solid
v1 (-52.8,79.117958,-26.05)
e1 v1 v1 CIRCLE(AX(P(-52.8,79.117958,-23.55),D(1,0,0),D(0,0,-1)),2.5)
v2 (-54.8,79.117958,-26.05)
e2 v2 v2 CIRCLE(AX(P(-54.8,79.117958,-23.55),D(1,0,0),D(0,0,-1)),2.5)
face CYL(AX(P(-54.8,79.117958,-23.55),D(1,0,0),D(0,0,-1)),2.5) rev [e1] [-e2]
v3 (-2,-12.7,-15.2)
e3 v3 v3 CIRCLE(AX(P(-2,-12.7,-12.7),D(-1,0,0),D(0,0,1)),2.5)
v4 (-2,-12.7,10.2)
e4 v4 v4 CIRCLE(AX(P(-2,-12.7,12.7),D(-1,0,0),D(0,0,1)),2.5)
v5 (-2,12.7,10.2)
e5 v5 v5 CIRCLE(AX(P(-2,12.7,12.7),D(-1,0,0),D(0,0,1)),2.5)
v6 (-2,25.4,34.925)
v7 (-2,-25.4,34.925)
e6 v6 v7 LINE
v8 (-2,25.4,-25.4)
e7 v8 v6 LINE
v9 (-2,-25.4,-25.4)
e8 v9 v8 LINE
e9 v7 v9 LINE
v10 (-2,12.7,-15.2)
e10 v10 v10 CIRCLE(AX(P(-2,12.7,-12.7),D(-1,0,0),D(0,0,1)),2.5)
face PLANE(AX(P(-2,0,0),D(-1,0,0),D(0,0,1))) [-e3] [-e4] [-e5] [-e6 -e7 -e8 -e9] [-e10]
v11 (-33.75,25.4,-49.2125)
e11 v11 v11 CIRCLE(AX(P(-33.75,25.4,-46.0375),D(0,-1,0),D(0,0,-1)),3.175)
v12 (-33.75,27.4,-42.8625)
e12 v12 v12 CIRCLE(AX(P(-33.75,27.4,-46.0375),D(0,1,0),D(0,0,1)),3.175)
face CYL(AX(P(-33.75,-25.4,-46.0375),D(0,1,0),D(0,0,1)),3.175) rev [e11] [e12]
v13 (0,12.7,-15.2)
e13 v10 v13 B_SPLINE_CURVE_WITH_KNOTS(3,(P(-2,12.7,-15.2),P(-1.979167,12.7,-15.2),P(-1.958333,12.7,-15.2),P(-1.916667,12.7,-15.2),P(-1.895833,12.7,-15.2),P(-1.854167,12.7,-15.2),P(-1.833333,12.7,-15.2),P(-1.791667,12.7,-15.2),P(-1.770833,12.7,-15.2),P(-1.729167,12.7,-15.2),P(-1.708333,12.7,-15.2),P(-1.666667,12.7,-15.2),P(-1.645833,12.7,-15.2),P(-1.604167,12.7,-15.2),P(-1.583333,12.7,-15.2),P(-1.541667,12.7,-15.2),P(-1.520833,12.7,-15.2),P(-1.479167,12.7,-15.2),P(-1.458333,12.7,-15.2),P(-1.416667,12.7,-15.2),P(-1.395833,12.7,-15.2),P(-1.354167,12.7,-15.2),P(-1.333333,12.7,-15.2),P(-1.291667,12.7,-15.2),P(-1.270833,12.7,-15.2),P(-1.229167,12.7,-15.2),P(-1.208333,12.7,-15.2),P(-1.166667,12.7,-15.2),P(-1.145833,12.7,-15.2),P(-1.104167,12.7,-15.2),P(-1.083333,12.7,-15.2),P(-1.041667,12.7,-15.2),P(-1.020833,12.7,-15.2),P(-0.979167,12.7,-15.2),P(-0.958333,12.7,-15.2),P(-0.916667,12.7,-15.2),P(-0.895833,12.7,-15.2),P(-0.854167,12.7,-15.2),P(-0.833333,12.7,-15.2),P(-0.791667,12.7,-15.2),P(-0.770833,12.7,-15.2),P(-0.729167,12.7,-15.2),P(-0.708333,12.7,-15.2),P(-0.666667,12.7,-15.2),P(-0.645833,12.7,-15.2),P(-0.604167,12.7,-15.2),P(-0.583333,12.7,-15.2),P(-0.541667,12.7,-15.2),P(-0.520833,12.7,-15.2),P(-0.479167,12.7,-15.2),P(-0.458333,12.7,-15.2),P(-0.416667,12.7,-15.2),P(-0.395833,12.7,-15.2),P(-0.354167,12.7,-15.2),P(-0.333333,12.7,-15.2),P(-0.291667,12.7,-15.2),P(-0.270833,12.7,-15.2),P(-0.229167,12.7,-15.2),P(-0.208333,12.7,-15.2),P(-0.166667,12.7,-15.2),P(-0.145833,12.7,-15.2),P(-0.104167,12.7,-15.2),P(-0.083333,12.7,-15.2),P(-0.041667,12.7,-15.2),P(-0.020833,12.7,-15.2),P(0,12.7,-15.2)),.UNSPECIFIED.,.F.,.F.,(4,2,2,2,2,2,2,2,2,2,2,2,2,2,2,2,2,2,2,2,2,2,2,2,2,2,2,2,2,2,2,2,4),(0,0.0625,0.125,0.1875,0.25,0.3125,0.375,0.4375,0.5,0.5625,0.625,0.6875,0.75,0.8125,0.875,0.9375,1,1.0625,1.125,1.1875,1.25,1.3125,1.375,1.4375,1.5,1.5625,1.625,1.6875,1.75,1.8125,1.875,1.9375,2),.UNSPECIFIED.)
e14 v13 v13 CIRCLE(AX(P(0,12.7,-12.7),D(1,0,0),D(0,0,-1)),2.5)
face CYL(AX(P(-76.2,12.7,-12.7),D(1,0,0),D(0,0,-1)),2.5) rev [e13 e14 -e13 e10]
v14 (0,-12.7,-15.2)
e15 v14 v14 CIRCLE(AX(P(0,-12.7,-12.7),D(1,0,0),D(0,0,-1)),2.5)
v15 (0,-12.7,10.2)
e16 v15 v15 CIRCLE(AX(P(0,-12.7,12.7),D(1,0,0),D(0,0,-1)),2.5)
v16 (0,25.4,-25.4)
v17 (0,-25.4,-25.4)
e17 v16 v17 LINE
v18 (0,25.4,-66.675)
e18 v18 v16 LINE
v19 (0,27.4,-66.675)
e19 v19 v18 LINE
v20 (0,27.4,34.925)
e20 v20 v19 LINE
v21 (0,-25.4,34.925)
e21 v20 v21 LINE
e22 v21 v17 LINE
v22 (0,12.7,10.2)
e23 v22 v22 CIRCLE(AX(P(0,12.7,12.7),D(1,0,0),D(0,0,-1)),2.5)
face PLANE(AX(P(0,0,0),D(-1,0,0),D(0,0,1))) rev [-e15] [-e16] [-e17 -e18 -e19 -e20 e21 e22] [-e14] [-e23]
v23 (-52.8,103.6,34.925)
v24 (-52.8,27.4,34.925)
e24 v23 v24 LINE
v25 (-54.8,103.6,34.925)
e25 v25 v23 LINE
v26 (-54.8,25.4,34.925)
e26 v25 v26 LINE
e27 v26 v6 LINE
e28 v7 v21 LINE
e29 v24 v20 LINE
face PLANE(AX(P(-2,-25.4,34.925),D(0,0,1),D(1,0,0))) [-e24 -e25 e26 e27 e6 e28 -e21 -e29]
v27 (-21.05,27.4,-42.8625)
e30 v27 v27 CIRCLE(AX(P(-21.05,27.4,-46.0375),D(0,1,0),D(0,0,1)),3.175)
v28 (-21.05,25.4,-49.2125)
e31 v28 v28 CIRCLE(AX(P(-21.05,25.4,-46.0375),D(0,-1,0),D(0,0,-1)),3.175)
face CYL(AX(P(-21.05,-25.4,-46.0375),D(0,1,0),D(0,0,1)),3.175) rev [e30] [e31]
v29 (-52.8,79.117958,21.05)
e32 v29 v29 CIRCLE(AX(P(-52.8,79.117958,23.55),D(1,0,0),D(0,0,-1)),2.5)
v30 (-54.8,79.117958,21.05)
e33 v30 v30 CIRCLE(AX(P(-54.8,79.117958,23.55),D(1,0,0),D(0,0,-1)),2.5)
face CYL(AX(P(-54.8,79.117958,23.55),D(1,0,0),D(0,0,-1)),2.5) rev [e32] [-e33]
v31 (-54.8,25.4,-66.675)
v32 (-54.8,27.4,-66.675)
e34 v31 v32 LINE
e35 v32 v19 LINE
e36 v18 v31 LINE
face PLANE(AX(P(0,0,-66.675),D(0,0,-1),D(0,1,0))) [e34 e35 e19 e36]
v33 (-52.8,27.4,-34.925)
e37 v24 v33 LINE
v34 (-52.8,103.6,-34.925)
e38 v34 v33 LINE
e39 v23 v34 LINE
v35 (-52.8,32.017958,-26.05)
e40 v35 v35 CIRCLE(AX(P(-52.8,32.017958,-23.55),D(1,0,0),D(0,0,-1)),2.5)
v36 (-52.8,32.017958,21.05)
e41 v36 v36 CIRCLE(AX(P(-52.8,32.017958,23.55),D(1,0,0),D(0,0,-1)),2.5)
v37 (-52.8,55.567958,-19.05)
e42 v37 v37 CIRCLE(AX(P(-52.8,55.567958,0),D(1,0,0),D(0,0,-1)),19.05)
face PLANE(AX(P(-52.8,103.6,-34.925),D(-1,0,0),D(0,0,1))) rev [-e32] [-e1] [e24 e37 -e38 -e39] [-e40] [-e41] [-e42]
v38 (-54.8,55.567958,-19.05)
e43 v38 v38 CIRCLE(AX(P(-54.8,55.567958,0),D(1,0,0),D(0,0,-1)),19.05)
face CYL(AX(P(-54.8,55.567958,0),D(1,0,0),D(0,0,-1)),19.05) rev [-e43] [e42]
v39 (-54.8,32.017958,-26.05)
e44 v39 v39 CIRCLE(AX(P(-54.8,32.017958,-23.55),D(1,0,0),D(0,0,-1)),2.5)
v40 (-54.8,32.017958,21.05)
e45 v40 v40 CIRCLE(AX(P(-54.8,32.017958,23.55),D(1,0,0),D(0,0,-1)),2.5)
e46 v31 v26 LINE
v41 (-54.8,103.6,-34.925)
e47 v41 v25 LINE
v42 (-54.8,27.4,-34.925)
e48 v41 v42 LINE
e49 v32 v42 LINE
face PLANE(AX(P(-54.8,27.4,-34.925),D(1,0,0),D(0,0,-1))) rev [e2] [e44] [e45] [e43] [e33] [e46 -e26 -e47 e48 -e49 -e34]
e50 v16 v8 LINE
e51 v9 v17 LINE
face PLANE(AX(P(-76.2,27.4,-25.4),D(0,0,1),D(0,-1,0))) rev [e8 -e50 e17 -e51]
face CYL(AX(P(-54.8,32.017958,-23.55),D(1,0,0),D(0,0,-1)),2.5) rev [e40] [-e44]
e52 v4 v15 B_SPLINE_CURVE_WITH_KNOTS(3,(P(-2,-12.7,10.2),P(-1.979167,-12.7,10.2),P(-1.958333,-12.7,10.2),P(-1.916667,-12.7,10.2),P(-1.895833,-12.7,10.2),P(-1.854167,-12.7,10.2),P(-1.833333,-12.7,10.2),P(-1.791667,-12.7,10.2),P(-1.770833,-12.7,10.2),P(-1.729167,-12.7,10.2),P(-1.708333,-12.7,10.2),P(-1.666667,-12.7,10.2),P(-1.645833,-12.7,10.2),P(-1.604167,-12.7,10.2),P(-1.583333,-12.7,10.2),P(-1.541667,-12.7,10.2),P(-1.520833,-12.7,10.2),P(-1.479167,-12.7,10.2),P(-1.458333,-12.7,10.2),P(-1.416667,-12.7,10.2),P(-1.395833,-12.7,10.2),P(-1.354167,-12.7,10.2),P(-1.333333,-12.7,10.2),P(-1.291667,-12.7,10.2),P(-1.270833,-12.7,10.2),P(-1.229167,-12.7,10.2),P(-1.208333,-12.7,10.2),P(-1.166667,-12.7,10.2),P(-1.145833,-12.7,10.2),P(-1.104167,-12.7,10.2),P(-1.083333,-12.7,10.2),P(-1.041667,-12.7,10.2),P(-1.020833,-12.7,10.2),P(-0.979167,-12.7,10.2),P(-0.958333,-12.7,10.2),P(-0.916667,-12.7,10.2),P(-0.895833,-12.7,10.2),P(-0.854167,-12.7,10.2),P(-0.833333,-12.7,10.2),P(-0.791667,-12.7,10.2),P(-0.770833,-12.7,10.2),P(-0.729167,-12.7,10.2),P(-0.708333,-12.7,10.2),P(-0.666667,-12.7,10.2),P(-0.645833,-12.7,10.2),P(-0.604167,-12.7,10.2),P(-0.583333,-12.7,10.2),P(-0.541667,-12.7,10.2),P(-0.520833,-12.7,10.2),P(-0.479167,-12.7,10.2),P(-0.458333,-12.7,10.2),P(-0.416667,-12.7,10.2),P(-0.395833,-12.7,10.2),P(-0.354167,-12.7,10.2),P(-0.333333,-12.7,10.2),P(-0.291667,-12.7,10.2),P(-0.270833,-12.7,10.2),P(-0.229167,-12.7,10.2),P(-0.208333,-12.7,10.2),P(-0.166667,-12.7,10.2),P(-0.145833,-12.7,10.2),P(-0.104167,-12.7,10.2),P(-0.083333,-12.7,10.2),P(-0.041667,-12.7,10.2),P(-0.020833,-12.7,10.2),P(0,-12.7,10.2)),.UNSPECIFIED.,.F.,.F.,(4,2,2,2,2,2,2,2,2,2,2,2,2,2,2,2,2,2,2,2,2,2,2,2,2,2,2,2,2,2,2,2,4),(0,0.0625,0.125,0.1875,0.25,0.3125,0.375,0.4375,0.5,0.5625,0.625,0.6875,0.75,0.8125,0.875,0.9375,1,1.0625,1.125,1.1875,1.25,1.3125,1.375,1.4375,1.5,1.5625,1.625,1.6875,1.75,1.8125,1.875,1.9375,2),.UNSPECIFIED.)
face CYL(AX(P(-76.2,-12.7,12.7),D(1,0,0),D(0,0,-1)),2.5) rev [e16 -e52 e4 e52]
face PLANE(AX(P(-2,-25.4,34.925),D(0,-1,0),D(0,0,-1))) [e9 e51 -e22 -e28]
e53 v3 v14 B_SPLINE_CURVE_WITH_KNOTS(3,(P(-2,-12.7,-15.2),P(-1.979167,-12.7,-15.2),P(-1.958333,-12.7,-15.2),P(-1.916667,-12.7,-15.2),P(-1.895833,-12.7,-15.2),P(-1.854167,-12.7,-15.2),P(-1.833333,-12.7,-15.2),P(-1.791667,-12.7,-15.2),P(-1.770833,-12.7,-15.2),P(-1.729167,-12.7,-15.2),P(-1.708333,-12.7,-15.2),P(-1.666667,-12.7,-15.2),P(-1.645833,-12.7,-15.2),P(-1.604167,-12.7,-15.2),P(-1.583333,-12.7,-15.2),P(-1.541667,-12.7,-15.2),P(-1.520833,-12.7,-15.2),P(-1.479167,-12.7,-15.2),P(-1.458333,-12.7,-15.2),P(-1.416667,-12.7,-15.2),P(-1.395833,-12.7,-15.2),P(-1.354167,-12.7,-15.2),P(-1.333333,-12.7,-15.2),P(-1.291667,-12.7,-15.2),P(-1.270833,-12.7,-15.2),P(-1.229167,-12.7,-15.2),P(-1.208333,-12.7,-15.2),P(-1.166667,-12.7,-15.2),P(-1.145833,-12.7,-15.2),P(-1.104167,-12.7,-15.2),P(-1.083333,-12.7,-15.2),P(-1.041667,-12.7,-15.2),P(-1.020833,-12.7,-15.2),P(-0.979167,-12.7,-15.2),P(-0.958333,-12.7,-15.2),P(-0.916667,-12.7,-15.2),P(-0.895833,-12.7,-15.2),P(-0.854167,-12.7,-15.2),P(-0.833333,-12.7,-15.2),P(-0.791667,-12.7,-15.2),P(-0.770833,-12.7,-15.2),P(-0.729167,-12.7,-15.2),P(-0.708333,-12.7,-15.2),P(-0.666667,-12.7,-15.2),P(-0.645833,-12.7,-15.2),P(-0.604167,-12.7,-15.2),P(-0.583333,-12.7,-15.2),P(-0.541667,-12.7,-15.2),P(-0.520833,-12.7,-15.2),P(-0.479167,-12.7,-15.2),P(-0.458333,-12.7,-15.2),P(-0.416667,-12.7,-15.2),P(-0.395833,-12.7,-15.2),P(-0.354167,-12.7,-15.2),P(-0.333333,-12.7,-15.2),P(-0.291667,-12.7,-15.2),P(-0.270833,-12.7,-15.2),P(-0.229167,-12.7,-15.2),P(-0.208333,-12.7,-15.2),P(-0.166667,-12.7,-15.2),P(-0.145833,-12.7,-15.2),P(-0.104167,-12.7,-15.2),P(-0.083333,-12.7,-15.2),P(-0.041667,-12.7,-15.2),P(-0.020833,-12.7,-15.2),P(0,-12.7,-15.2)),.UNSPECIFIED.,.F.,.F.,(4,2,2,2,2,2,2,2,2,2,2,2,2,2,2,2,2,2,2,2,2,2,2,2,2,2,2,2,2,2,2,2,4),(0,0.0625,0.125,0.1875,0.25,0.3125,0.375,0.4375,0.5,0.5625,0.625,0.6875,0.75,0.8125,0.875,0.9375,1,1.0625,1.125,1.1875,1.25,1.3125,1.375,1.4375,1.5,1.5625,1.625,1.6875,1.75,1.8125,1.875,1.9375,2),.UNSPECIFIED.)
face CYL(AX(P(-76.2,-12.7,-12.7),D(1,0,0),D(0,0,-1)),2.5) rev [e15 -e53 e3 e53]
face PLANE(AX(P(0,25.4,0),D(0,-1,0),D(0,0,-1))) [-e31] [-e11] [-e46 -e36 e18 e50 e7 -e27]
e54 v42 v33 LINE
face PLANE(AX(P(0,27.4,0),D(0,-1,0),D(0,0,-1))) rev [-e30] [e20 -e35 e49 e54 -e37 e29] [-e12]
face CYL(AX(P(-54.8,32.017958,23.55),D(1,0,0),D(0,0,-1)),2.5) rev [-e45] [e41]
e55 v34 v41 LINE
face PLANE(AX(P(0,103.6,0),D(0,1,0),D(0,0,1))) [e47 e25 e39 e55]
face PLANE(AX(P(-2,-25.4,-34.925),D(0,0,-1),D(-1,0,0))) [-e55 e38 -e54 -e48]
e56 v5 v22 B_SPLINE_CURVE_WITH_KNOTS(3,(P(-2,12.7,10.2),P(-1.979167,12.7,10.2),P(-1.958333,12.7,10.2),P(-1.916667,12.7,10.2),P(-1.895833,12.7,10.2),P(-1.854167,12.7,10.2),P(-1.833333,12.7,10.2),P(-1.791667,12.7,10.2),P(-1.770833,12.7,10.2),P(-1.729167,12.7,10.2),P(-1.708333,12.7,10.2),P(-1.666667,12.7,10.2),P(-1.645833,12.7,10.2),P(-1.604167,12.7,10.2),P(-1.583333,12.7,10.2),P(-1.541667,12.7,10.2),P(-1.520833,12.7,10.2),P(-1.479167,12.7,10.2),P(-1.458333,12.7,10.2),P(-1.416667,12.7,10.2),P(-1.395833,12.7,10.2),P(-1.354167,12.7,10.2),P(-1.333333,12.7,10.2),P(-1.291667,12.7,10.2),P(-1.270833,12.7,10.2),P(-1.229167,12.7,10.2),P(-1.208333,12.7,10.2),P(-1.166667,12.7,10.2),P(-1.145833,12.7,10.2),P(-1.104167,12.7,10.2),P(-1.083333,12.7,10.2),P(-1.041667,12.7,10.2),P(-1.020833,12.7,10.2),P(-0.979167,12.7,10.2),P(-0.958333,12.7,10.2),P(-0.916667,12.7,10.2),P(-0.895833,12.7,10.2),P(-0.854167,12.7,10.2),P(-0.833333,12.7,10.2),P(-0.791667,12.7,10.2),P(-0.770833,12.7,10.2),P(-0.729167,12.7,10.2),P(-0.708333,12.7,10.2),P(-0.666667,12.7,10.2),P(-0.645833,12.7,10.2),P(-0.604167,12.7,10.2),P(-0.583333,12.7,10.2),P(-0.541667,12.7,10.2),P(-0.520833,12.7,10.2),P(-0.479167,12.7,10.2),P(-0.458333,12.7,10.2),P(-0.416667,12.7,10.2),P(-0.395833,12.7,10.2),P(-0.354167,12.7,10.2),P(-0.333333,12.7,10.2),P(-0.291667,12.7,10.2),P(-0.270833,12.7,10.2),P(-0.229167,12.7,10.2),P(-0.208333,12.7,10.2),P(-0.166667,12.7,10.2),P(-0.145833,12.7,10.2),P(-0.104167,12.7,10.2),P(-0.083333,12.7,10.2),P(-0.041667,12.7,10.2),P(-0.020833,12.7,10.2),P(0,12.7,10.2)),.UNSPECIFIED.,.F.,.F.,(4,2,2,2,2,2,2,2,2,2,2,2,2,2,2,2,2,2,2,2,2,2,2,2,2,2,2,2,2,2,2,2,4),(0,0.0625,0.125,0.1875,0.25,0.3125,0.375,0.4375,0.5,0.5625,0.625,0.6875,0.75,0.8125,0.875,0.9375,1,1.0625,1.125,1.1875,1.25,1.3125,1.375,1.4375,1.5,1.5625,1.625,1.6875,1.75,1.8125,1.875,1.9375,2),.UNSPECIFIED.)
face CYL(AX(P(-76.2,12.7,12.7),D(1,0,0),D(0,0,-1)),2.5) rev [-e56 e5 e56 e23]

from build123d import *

# Parameters (mm, degrees)
SKETCH1_W           = 69.85
SKETCH1_H           = 50.8
BOSS_EXTRUDE1_DEPTH = 2
SKETCH2_W           = 54.8
SKETCH2_H           = 69.85
BOSS_EXTRUDE2_DEPTH = 2
SKETCH3_W           = 2
SKETCH3_H           = 69.85
BOSS_EXTRUDE3_DEPTH = 76.2
SKETCH4_R           = 19.05
SKETCH4_R_2         = 2.5
CUT_EXTRUDE1_DEPTH  = 122.410689912
SKETCH5_R           = 2.5
SKETCH5_W           = 9.525
SKETCH5_H           = 52.8
CUT_EXTRUDE2_DEPTH  = 76.2
SKETCH6_W           = 54.8
SKETCH6_H           = 2
BOSS_EXTRUDE4_DEPTH = 41.275
SKETCH7_R           = 3.175
CUT_EXTRUDE3_DEPTH  = 116.130515612


with BuildPart() as part:
    # Sketch1 → Boss-Extrude1 (new body)
    with BuildSketch(Plane(origin=(0, 0, 0), x_dir=(0, 0, -1), z_dir=(1, 0, 0))):
        Rectangle(SKETCH1_W, SKETCH1_H)
    extrude(amount=-BOSS_EXTRUDE1_DEPTH)

    # Sketch2 → Boss-Extrude2 (add)
    with BuildSketch(Plane(origin=(0, 25.4, 0), x_dir=(1, 0, 0), z_dir=(0, 1, 0))):
        with Locations((-27.4, 0)):
            Rectangle(SKETCH2_W, SKETCH2_H)
    extrude(amount=BOSS_EXTRUDE2_DEPTH)

    # Sketch3 → Boss-Extrude3 (add)
    with BuildSketch(Plane(origin=(0, 27.4, 0), x_dir=(1, 0, 0), z_dir=(0, 1, 0))):
        with Locations((-53.8, 0)):
            Rectangle(SKETCH3_W, SKETCH3_H)
    extrude(amount=BOSS_EXTRUDE3_DEPTH)

    # Sketch4 → Cut-Extrude1 (cut, through all)
    with BuildSketch(Plane(origin=(-52.8, 0, 0), x_dir=(0, 0, -1), z_dir=(1, 0, 0))):
        with Locations((0, 55.567958179)):
            Circle(SKETCH4_R)
        with Locations((23.55, 79.117958179)):
            Circle(SKETCH4_R_2)
        with Locations((-23.55, 79.117958179)):
            Circle(SKETCH4_R_2)
        with Locations((-23.55, 32.017958179)):
            Circle(SKETCH4_R_2)
        with Locations((23.55, 32.017958179)):
            Circle(SKETCH4_R_2)
    extrude(amount=-CUT_EXTRUDE1_DEPTH, mode=Mode.SUBTRACT)

    # Sketch5 → Cut-Extrude2 (cut)
    with BuildSketch(Plane(origin=(0, 0, 0), x_dir=(0, 0, -1), z_dir=(1, 0, 0))):
        with Locations((-12.7, 12.7)):
            Circle(SKETCH5_R)
        with Locations((12.7, 12.7)):
            Circle(SKETCH5_R)
        with Locations((12.7, -12.7)):
            Circle(SKETCH5_R)
        with Locations((-12.7, -12.7)):
            Circle(SKETCH5_R)
        with Locations((30.1625, 1)):
            Rectangle(SKETCH5_W, SKETCH5_H)
    extrude(amount=-CUT_EXTRUDE2_DEPTH, mode=Mode.SUBTRACT)

    # Sketch6 → Boss-Extrude4 (add)
    with BuildSketch(Plane(origin=(0, 0, -25.4), x_dir=(-1, 0, 0), z_dir=(0, 0, -1))):
        with Locations((27.4, 26.4)):
            Rectangle(SKETCH6_W, SKETCH6_H)
    extrude(amount=BOSS_EXTRUDE4_DEPTH)

    # Sketch7 → Cut-Extrude3 (cut, through all)
    with BuildSketch(Plane(origin=(0, 27.4, 0), x_dir=(1, 0, 0), z_dir=(0, 1, 0))):
        with Locations(Location((-33.75, 46.0375, 0), (0, 0, 270))):
            Circle(SKETCH7_R)
        with Locations(Location((-21.05, 46.0375, 0), (0, 0, 270))):
            Circle(SKETCH7_R)
    extrude(amount=-CUT_EXTRUDE3_DEPTH, mode=Mode.SUBTRACT)


solid = part.part
